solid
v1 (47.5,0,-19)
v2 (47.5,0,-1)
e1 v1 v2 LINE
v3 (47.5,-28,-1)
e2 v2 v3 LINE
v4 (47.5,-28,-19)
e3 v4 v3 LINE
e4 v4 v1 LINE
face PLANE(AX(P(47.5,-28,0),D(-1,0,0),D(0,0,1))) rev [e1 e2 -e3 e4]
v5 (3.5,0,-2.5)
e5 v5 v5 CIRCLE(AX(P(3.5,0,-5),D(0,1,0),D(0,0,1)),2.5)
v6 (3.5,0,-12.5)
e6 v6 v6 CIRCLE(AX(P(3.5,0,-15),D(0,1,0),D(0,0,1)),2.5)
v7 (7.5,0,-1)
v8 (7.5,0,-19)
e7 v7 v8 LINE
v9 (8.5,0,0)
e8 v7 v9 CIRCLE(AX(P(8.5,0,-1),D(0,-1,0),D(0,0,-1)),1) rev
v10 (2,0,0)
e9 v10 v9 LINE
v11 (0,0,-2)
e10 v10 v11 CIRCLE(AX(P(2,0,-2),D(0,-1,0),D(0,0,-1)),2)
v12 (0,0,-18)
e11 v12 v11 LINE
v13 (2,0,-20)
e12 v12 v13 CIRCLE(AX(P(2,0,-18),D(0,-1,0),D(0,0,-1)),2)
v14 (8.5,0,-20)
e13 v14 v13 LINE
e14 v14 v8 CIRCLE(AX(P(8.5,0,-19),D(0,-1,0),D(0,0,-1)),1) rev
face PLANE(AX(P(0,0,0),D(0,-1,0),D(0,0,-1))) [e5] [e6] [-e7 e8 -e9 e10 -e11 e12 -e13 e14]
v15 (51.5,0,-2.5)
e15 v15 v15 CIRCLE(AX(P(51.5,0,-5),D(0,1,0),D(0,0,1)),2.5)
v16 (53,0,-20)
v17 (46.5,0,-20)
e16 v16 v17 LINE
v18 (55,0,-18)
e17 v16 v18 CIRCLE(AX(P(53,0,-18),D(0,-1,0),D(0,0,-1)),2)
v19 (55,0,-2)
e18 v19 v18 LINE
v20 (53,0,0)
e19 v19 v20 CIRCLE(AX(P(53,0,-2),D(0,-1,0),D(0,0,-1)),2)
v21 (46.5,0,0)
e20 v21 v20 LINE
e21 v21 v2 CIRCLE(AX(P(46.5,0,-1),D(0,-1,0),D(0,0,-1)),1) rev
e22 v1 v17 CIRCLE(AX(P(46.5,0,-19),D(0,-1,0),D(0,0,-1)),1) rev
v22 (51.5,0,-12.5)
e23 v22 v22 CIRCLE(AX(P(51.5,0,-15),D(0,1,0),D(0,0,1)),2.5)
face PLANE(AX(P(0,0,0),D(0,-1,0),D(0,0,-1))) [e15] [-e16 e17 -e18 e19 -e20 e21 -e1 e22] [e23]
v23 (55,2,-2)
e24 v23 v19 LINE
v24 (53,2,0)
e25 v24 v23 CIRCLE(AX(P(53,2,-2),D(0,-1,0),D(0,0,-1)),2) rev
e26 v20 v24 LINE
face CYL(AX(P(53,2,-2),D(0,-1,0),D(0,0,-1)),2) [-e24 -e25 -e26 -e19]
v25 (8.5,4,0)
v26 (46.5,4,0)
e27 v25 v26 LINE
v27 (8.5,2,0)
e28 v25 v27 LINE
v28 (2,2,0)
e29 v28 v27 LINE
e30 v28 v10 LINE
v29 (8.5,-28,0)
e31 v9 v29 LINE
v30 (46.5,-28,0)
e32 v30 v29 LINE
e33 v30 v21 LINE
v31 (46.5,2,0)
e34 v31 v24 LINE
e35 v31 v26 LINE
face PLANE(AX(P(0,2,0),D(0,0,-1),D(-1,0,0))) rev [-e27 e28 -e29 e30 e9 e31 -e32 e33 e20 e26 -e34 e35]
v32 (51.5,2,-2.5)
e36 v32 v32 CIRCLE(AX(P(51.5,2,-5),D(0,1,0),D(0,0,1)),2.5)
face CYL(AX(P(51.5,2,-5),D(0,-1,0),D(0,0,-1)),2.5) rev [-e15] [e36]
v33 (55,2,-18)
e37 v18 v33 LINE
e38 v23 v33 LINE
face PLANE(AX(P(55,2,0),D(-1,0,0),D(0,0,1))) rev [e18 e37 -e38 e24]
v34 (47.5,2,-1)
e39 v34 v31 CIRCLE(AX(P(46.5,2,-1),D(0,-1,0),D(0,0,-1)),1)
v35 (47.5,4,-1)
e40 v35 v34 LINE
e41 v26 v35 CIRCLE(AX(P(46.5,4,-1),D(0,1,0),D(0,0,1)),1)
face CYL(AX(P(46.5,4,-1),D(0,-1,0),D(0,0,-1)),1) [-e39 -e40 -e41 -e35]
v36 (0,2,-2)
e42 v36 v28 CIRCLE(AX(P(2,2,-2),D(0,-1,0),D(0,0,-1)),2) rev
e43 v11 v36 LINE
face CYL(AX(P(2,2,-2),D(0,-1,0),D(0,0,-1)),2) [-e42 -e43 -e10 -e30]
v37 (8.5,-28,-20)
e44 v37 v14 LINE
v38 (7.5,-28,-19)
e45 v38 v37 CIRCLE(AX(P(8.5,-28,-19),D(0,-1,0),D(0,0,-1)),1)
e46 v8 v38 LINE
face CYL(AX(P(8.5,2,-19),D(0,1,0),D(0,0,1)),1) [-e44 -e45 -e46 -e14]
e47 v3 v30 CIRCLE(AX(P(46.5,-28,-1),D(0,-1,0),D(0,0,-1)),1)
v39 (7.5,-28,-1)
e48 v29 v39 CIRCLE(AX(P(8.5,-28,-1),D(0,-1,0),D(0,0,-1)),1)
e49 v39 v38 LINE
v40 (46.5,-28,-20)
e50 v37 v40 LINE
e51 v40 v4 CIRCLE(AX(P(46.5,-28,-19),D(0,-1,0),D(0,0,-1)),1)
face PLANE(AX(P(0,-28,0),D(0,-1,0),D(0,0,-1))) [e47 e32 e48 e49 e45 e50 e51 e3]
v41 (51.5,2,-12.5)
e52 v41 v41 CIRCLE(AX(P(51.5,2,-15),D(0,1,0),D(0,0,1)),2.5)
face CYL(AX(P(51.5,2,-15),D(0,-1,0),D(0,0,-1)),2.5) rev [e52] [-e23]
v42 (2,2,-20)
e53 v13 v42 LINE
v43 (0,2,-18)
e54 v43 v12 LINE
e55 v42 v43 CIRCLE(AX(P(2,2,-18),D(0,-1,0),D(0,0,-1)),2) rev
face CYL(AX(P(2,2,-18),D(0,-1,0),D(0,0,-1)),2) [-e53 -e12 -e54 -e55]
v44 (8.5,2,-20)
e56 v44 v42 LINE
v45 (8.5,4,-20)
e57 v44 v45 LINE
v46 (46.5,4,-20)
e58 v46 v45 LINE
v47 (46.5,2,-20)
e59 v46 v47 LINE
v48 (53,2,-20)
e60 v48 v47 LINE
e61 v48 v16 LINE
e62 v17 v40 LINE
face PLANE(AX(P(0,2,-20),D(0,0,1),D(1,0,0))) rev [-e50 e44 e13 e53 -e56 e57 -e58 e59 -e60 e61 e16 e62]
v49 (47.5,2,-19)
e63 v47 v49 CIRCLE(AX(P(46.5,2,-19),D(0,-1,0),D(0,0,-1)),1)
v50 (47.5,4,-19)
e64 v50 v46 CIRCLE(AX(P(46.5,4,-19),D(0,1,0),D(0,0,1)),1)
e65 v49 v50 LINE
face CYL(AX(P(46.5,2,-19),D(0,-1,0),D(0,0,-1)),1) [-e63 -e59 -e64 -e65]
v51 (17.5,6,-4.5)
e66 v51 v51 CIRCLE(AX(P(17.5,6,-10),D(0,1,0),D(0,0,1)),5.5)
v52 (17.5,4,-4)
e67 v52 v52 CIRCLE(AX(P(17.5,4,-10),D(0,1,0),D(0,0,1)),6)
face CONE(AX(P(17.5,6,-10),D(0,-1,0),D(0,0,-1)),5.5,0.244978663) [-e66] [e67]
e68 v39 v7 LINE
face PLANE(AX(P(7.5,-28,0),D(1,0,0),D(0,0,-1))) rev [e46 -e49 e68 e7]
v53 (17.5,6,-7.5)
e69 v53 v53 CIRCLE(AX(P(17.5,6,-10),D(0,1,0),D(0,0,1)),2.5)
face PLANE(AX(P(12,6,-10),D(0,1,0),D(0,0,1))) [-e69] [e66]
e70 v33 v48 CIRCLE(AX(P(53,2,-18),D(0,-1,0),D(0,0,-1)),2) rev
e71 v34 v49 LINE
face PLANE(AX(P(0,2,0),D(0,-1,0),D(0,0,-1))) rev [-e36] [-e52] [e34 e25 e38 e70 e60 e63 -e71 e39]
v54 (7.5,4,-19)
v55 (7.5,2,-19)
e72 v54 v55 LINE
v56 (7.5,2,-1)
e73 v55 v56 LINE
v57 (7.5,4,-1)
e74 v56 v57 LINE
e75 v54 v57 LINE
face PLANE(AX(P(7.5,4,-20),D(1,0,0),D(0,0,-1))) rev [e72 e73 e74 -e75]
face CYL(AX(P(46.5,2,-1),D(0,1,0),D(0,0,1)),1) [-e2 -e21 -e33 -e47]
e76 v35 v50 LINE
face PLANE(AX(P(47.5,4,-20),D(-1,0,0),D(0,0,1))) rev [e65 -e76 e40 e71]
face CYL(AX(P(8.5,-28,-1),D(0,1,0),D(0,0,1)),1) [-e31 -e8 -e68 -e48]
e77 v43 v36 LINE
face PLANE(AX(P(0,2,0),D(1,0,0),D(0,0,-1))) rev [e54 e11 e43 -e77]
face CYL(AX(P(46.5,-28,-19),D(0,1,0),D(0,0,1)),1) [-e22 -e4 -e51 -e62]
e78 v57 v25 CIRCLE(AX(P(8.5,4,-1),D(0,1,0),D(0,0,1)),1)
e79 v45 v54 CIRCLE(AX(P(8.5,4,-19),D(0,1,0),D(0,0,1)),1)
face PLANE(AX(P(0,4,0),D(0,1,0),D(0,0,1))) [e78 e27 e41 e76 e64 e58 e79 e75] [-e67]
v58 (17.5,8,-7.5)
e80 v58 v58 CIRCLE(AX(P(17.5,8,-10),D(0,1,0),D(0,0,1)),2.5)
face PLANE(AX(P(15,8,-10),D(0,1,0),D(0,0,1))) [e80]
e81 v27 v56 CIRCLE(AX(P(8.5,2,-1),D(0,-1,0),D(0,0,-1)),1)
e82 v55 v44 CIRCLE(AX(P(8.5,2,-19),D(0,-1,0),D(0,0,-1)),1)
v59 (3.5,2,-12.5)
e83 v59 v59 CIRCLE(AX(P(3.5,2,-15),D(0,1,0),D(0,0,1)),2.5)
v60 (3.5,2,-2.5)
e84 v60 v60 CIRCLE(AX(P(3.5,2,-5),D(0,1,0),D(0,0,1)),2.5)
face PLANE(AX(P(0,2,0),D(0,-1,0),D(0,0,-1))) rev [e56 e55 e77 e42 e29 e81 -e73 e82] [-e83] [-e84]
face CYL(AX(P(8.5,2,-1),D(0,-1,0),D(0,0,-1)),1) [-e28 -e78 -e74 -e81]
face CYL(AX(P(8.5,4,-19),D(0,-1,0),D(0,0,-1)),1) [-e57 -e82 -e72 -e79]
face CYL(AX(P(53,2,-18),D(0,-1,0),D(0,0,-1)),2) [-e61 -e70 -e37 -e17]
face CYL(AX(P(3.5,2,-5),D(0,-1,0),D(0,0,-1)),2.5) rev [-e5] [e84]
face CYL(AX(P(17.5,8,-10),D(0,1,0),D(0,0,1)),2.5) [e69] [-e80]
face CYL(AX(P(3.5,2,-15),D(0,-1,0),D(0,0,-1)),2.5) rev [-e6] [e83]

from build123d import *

# Parameters (mm, degrees)
SKETCH1_W           = 55
SKETCH1_H           = 20
SKETCH1_R           = 2.5
BOSS_EXTRUDE1_DEPTH = 2
FILLET1_R           = 2
SKETCH2_W           = 40
SKETCH2_H           = 20
BOSS_EXTRUDE2_DEPTH = 28
SKETCH3_W           = 40
SKETCH3_H           = 20
BOSS_EXTRUDE3_DEPTH = 2
FILLET2_R           = 1


with BuildPart() as part:
    # Sketch1 → Boss-Extrude1 (new body)
    with BuildSketch(Plane(origin=(0, 0, 0), x_dir=(1, 0, 0), z_dir=(0, 1, 0))):
        with Locations((27.5, 10)):
            Rectangle(SKETCH1_W, SKETCH1_H)
        with Locations(Location((3.5, 15, 0), (0, 0, 270))):
            Circle(SKETCH1_R, mode=Mode.SUBTRACT)
        with Locations(Location((3.5, 5, 0), (0, 0, 270))):
            Circle(SKETCH1_R, mode=Mode.SUBTRACT)
        with Locations(Location((51.5, 15, 0), (0, 0, 270))):
            Circle(SKETCH1_R, mode=Mode.SUBTRACT)
        with Locations(Location((51.5, 5, 0), (0, 0, 270))):
            Circle(SKETCH1_R, mode=Mode.SUBTRACT)
    extrude(amount=BOSS_EXTRUDE1_DEPTH)

    # Fillet1
    fillet1_edges = [part.edges().sort_by_distance(p)[0] for p in [
        (0, 1, -20),
        (55, 1, -20),
        (55, 1, 0),
        (0, 1, 0),
    ]]
    fillet(fillet1_edges, radius=FILLET1_R)

    # Sketch2 → Boss-Extrude2 (add)
    with BuildSketch(Plane.XZ):
        with Locations((27.5, -10)):
            Rectangle(SKETCH2_W, SKETCH2_H)
    extrude(amount=BOSS_EXTRUDE2_DEPTH)

    # Sketch3 → Boss-Extrude3 (add)
    with BuildSketch(Plane(origin=(0, 2, 0), x_dir=(1, 0, 0), z_dir=(0, 1, 0))):
        with Locations((27.5, 10)):
            Rectangle(SKETCH3_W, SKETCH3_H)
    extrude(amount=BOSS_EXTRUDE3_DEPTH)

    # Fillet2
    fillet2_edges = [part.edges().sort_by_distance(p)[0] for p in [
        (7.5, -14, 0),
        (7.5, -14, -20),
        (47.5, -14, -20),
        (47.5, -14, 0),
        (7.5, 3, -20),
        (7.5, 3, 0),
        (47.5, 3, 0),
        (47.5, 3, -20),
    ]]
    fillet(fillet2_edges, radius=FILLET2_R)

    # Sketch4 → Revolve1 (revolve)
    with BuildSketch(Plane.XY.offset(-10), mode=Mode.PRIVATE) as revolve1_sk:
        Polygon((17.5, 4), (11.5, 4), (12, 6), (15, 6), (15, 8), (17.5, 8), align=None)
    revolve(revolve1_sk.sketch.rotate(Axis((17.5, 8, -10), (0, -1, 0)), 270), axis=Axis((17.5, 8, -10), (0, -1, 0)))


solid = part.part
